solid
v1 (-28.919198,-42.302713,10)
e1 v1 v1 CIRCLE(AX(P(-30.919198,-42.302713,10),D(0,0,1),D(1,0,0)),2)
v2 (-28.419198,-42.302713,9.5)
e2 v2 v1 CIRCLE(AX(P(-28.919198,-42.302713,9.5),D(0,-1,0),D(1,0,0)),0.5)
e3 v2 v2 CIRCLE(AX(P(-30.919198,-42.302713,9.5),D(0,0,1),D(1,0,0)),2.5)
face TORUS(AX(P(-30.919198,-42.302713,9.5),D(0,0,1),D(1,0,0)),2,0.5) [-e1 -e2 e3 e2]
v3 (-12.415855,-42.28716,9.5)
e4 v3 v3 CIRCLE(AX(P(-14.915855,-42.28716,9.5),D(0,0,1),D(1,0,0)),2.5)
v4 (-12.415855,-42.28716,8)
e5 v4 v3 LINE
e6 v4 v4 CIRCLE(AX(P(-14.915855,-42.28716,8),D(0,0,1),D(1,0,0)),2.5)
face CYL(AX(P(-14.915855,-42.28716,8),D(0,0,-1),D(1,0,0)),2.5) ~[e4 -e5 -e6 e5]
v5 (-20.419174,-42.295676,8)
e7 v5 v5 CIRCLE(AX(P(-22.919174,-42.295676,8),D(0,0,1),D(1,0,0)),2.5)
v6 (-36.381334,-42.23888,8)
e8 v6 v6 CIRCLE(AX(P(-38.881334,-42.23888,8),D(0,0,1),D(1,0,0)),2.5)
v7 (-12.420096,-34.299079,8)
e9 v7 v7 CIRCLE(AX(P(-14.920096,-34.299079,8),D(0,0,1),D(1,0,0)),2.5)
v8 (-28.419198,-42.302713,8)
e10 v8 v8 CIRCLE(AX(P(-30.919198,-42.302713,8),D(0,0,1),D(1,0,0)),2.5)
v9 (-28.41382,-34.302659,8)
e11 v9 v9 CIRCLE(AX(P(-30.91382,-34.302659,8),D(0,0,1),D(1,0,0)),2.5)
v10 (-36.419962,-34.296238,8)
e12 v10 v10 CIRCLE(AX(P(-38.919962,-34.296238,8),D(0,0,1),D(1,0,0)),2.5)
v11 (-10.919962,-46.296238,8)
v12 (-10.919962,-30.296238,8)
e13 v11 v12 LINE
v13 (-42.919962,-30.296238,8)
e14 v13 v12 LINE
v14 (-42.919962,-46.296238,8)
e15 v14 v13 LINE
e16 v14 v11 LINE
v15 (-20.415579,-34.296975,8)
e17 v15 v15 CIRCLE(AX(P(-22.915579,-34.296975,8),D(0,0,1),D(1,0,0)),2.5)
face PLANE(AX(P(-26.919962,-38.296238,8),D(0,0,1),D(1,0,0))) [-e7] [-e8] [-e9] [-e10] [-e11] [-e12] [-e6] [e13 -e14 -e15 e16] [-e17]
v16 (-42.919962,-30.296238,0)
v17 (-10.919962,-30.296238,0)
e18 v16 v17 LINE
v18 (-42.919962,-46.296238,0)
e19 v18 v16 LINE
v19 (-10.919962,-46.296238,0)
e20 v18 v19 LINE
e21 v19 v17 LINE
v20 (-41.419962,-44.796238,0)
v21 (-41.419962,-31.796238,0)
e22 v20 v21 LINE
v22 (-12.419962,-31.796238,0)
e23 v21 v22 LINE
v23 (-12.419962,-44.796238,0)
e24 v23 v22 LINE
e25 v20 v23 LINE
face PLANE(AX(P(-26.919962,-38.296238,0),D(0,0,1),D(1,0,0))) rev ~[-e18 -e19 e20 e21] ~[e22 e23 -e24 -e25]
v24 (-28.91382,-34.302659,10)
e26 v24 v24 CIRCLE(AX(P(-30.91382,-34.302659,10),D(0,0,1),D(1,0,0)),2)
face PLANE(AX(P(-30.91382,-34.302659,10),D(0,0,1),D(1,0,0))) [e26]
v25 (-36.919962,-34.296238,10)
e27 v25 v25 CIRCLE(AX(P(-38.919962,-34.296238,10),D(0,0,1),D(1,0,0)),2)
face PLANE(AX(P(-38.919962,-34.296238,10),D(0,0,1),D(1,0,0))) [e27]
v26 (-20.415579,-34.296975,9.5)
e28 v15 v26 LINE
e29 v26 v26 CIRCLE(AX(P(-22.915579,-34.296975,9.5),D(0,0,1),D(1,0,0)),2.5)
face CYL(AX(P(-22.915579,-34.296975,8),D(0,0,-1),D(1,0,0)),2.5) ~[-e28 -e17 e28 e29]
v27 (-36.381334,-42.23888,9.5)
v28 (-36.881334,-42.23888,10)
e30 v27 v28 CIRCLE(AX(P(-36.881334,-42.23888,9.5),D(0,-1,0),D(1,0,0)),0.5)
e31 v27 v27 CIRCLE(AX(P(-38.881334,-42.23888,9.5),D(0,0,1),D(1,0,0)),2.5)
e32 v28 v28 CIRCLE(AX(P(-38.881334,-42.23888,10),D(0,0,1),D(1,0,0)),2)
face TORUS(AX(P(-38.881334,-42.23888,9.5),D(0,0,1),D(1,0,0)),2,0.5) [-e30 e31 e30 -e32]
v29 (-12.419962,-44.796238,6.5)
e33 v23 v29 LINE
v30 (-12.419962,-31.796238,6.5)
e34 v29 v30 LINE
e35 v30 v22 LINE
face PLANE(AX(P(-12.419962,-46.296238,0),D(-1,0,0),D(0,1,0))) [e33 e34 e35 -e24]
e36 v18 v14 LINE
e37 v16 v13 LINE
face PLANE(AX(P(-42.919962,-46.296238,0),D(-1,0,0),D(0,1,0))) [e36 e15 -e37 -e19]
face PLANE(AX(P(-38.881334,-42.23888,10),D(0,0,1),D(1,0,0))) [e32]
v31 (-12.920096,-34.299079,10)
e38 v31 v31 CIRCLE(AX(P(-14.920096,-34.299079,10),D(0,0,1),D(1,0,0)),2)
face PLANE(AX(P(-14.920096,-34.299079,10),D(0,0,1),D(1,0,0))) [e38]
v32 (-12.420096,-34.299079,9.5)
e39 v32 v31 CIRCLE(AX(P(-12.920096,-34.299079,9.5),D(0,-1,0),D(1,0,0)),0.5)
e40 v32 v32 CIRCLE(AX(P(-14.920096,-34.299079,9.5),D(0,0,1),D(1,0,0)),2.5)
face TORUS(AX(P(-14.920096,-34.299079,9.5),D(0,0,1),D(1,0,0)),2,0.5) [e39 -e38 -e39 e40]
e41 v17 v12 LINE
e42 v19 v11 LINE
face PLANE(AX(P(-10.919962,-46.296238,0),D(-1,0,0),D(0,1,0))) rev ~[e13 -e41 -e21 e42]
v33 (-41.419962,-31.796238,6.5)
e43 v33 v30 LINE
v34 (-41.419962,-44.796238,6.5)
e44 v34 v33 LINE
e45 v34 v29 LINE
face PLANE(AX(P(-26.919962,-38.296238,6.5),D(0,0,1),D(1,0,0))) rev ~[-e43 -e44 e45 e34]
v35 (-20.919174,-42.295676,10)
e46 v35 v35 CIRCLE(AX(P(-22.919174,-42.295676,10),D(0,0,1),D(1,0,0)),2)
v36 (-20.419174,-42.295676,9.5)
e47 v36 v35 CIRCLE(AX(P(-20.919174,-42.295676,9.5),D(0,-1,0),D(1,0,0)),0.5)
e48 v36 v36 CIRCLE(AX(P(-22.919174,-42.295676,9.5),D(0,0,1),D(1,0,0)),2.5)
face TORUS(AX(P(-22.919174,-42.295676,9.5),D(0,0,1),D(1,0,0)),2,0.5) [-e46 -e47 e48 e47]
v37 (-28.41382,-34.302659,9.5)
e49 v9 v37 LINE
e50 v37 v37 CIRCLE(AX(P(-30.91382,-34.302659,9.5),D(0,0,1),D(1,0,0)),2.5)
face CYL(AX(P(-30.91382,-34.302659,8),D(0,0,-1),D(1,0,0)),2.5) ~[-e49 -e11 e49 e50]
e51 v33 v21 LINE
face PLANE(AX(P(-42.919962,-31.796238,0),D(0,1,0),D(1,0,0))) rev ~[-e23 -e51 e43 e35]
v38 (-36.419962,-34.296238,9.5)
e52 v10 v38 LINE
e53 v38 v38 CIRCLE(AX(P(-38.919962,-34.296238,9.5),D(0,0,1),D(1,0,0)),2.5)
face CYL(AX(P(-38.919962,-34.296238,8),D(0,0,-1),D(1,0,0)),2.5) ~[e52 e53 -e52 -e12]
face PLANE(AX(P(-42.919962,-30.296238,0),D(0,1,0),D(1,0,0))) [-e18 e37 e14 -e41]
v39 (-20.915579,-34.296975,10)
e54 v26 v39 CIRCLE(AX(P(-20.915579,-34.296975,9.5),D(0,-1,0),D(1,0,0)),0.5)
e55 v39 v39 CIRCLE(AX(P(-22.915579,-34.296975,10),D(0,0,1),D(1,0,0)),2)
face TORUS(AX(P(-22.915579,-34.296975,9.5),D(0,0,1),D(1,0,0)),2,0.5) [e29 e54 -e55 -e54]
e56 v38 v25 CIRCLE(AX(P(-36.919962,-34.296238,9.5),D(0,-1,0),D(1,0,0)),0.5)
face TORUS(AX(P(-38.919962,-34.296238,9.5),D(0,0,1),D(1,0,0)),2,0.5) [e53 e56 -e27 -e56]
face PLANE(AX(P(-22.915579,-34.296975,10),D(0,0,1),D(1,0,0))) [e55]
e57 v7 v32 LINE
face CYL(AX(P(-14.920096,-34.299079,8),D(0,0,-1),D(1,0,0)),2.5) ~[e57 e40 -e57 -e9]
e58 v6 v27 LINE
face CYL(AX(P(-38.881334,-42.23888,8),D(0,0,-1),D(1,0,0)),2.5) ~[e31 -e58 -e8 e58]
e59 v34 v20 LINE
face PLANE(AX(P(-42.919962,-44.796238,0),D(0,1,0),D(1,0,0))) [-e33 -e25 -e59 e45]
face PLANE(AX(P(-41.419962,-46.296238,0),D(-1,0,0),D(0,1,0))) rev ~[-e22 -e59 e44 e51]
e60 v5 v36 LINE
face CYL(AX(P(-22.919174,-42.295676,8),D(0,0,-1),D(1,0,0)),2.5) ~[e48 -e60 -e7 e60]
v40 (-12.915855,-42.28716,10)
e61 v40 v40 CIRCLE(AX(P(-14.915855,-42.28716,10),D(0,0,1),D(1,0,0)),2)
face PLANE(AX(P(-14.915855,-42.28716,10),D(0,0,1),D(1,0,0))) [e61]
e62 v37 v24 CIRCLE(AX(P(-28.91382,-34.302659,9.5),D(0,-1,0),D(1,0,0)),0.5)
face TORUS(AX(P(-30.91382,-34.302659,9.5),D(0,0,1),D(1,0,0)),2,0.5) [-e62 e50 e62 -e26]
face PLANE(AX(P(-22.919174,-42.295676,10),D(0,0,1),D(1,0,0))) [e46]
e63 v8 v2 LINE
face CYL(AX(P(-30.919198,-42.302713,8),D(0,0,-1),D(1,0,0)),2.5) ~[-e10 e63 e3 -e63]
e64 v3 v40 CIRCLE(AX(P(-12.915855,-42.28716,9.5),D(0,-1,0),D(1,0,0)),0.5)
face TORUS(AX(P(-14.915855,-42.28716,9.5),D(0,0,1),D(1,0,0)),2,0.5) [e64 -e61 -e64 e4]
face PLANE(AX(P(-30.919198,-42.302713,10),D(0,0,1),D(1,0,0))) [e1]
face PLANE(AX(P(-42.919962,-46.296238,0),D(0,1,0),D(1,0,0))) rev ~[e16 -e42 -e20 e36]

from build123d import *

# Parameters (mm, degrees)
F0_W     = 32
F0_H     = 16
F1_DEPTH = 8
F3_T     = -1.5
F4_R     = 2.5
F5_DEPTH = 2
F6_R     = 0.5


with BuildPart() as f1:
    # F0 (on Top) → F1 (new body)
    with BuildSketch(Plane.XY):
        with Locations((-26.919962, -38.296238)):
            Rectangle(F0_W, F0_H)
    extrude(amount=F1_DEPTH)

    # F3
    f3_openings = [f1.faces().sort_by_distance(p)[0] for p in [
        (-26.919962, -38.296238, 0),
    ]]
    offset(amount=F3_T, openings=f3_openings)

    # F4 (on face) → F5 (join)
    with BuildSketch(Plane.XY.offset(8)):
        with Locations((-38.881334, -42.23888)):
            Circle(F4_R)
        with Locations((-30.919198, -42.302713)):
            Circle(F4_R)
        with Locations((-22.919174, -42.295676)):
            Circle(F4_R)
        with Locations((-14.915855, -42.28716)):
            Circle(F4_R)
        with Locations((-38.919962, -34.296238)):
            Circle(F4_R)
        with Locations((-30.91382, -34.302659)):
            Circle(F4_R)
        with Locations((-22.915579, -34.296975)):
            Circle(F4_R)
        with Locations((-14.920096, -34.299079)):
            Circle(F4_R)
    extrude(amount=F5_DEPTH)

    # F6
    f6_edges = [f1.edges().sort_by_distance(p)[0] for p in [
        (-41.381334, -42.23888, 10),
        (-41.419962, -34.296238, 10),
        (-33.419198, -42.302713, 10),
        (-33.41382, -34.302659, 10),
        (-25.419174, -42.295676, 10),
        (-25.415579, -34.296975, 10),
        (-17.415855, -42.28716, 10),
        (-17.420096, -34.299079, 10),
    ]]
    fillet(f6_edges, radius=F6_R)


solid = f1.part
